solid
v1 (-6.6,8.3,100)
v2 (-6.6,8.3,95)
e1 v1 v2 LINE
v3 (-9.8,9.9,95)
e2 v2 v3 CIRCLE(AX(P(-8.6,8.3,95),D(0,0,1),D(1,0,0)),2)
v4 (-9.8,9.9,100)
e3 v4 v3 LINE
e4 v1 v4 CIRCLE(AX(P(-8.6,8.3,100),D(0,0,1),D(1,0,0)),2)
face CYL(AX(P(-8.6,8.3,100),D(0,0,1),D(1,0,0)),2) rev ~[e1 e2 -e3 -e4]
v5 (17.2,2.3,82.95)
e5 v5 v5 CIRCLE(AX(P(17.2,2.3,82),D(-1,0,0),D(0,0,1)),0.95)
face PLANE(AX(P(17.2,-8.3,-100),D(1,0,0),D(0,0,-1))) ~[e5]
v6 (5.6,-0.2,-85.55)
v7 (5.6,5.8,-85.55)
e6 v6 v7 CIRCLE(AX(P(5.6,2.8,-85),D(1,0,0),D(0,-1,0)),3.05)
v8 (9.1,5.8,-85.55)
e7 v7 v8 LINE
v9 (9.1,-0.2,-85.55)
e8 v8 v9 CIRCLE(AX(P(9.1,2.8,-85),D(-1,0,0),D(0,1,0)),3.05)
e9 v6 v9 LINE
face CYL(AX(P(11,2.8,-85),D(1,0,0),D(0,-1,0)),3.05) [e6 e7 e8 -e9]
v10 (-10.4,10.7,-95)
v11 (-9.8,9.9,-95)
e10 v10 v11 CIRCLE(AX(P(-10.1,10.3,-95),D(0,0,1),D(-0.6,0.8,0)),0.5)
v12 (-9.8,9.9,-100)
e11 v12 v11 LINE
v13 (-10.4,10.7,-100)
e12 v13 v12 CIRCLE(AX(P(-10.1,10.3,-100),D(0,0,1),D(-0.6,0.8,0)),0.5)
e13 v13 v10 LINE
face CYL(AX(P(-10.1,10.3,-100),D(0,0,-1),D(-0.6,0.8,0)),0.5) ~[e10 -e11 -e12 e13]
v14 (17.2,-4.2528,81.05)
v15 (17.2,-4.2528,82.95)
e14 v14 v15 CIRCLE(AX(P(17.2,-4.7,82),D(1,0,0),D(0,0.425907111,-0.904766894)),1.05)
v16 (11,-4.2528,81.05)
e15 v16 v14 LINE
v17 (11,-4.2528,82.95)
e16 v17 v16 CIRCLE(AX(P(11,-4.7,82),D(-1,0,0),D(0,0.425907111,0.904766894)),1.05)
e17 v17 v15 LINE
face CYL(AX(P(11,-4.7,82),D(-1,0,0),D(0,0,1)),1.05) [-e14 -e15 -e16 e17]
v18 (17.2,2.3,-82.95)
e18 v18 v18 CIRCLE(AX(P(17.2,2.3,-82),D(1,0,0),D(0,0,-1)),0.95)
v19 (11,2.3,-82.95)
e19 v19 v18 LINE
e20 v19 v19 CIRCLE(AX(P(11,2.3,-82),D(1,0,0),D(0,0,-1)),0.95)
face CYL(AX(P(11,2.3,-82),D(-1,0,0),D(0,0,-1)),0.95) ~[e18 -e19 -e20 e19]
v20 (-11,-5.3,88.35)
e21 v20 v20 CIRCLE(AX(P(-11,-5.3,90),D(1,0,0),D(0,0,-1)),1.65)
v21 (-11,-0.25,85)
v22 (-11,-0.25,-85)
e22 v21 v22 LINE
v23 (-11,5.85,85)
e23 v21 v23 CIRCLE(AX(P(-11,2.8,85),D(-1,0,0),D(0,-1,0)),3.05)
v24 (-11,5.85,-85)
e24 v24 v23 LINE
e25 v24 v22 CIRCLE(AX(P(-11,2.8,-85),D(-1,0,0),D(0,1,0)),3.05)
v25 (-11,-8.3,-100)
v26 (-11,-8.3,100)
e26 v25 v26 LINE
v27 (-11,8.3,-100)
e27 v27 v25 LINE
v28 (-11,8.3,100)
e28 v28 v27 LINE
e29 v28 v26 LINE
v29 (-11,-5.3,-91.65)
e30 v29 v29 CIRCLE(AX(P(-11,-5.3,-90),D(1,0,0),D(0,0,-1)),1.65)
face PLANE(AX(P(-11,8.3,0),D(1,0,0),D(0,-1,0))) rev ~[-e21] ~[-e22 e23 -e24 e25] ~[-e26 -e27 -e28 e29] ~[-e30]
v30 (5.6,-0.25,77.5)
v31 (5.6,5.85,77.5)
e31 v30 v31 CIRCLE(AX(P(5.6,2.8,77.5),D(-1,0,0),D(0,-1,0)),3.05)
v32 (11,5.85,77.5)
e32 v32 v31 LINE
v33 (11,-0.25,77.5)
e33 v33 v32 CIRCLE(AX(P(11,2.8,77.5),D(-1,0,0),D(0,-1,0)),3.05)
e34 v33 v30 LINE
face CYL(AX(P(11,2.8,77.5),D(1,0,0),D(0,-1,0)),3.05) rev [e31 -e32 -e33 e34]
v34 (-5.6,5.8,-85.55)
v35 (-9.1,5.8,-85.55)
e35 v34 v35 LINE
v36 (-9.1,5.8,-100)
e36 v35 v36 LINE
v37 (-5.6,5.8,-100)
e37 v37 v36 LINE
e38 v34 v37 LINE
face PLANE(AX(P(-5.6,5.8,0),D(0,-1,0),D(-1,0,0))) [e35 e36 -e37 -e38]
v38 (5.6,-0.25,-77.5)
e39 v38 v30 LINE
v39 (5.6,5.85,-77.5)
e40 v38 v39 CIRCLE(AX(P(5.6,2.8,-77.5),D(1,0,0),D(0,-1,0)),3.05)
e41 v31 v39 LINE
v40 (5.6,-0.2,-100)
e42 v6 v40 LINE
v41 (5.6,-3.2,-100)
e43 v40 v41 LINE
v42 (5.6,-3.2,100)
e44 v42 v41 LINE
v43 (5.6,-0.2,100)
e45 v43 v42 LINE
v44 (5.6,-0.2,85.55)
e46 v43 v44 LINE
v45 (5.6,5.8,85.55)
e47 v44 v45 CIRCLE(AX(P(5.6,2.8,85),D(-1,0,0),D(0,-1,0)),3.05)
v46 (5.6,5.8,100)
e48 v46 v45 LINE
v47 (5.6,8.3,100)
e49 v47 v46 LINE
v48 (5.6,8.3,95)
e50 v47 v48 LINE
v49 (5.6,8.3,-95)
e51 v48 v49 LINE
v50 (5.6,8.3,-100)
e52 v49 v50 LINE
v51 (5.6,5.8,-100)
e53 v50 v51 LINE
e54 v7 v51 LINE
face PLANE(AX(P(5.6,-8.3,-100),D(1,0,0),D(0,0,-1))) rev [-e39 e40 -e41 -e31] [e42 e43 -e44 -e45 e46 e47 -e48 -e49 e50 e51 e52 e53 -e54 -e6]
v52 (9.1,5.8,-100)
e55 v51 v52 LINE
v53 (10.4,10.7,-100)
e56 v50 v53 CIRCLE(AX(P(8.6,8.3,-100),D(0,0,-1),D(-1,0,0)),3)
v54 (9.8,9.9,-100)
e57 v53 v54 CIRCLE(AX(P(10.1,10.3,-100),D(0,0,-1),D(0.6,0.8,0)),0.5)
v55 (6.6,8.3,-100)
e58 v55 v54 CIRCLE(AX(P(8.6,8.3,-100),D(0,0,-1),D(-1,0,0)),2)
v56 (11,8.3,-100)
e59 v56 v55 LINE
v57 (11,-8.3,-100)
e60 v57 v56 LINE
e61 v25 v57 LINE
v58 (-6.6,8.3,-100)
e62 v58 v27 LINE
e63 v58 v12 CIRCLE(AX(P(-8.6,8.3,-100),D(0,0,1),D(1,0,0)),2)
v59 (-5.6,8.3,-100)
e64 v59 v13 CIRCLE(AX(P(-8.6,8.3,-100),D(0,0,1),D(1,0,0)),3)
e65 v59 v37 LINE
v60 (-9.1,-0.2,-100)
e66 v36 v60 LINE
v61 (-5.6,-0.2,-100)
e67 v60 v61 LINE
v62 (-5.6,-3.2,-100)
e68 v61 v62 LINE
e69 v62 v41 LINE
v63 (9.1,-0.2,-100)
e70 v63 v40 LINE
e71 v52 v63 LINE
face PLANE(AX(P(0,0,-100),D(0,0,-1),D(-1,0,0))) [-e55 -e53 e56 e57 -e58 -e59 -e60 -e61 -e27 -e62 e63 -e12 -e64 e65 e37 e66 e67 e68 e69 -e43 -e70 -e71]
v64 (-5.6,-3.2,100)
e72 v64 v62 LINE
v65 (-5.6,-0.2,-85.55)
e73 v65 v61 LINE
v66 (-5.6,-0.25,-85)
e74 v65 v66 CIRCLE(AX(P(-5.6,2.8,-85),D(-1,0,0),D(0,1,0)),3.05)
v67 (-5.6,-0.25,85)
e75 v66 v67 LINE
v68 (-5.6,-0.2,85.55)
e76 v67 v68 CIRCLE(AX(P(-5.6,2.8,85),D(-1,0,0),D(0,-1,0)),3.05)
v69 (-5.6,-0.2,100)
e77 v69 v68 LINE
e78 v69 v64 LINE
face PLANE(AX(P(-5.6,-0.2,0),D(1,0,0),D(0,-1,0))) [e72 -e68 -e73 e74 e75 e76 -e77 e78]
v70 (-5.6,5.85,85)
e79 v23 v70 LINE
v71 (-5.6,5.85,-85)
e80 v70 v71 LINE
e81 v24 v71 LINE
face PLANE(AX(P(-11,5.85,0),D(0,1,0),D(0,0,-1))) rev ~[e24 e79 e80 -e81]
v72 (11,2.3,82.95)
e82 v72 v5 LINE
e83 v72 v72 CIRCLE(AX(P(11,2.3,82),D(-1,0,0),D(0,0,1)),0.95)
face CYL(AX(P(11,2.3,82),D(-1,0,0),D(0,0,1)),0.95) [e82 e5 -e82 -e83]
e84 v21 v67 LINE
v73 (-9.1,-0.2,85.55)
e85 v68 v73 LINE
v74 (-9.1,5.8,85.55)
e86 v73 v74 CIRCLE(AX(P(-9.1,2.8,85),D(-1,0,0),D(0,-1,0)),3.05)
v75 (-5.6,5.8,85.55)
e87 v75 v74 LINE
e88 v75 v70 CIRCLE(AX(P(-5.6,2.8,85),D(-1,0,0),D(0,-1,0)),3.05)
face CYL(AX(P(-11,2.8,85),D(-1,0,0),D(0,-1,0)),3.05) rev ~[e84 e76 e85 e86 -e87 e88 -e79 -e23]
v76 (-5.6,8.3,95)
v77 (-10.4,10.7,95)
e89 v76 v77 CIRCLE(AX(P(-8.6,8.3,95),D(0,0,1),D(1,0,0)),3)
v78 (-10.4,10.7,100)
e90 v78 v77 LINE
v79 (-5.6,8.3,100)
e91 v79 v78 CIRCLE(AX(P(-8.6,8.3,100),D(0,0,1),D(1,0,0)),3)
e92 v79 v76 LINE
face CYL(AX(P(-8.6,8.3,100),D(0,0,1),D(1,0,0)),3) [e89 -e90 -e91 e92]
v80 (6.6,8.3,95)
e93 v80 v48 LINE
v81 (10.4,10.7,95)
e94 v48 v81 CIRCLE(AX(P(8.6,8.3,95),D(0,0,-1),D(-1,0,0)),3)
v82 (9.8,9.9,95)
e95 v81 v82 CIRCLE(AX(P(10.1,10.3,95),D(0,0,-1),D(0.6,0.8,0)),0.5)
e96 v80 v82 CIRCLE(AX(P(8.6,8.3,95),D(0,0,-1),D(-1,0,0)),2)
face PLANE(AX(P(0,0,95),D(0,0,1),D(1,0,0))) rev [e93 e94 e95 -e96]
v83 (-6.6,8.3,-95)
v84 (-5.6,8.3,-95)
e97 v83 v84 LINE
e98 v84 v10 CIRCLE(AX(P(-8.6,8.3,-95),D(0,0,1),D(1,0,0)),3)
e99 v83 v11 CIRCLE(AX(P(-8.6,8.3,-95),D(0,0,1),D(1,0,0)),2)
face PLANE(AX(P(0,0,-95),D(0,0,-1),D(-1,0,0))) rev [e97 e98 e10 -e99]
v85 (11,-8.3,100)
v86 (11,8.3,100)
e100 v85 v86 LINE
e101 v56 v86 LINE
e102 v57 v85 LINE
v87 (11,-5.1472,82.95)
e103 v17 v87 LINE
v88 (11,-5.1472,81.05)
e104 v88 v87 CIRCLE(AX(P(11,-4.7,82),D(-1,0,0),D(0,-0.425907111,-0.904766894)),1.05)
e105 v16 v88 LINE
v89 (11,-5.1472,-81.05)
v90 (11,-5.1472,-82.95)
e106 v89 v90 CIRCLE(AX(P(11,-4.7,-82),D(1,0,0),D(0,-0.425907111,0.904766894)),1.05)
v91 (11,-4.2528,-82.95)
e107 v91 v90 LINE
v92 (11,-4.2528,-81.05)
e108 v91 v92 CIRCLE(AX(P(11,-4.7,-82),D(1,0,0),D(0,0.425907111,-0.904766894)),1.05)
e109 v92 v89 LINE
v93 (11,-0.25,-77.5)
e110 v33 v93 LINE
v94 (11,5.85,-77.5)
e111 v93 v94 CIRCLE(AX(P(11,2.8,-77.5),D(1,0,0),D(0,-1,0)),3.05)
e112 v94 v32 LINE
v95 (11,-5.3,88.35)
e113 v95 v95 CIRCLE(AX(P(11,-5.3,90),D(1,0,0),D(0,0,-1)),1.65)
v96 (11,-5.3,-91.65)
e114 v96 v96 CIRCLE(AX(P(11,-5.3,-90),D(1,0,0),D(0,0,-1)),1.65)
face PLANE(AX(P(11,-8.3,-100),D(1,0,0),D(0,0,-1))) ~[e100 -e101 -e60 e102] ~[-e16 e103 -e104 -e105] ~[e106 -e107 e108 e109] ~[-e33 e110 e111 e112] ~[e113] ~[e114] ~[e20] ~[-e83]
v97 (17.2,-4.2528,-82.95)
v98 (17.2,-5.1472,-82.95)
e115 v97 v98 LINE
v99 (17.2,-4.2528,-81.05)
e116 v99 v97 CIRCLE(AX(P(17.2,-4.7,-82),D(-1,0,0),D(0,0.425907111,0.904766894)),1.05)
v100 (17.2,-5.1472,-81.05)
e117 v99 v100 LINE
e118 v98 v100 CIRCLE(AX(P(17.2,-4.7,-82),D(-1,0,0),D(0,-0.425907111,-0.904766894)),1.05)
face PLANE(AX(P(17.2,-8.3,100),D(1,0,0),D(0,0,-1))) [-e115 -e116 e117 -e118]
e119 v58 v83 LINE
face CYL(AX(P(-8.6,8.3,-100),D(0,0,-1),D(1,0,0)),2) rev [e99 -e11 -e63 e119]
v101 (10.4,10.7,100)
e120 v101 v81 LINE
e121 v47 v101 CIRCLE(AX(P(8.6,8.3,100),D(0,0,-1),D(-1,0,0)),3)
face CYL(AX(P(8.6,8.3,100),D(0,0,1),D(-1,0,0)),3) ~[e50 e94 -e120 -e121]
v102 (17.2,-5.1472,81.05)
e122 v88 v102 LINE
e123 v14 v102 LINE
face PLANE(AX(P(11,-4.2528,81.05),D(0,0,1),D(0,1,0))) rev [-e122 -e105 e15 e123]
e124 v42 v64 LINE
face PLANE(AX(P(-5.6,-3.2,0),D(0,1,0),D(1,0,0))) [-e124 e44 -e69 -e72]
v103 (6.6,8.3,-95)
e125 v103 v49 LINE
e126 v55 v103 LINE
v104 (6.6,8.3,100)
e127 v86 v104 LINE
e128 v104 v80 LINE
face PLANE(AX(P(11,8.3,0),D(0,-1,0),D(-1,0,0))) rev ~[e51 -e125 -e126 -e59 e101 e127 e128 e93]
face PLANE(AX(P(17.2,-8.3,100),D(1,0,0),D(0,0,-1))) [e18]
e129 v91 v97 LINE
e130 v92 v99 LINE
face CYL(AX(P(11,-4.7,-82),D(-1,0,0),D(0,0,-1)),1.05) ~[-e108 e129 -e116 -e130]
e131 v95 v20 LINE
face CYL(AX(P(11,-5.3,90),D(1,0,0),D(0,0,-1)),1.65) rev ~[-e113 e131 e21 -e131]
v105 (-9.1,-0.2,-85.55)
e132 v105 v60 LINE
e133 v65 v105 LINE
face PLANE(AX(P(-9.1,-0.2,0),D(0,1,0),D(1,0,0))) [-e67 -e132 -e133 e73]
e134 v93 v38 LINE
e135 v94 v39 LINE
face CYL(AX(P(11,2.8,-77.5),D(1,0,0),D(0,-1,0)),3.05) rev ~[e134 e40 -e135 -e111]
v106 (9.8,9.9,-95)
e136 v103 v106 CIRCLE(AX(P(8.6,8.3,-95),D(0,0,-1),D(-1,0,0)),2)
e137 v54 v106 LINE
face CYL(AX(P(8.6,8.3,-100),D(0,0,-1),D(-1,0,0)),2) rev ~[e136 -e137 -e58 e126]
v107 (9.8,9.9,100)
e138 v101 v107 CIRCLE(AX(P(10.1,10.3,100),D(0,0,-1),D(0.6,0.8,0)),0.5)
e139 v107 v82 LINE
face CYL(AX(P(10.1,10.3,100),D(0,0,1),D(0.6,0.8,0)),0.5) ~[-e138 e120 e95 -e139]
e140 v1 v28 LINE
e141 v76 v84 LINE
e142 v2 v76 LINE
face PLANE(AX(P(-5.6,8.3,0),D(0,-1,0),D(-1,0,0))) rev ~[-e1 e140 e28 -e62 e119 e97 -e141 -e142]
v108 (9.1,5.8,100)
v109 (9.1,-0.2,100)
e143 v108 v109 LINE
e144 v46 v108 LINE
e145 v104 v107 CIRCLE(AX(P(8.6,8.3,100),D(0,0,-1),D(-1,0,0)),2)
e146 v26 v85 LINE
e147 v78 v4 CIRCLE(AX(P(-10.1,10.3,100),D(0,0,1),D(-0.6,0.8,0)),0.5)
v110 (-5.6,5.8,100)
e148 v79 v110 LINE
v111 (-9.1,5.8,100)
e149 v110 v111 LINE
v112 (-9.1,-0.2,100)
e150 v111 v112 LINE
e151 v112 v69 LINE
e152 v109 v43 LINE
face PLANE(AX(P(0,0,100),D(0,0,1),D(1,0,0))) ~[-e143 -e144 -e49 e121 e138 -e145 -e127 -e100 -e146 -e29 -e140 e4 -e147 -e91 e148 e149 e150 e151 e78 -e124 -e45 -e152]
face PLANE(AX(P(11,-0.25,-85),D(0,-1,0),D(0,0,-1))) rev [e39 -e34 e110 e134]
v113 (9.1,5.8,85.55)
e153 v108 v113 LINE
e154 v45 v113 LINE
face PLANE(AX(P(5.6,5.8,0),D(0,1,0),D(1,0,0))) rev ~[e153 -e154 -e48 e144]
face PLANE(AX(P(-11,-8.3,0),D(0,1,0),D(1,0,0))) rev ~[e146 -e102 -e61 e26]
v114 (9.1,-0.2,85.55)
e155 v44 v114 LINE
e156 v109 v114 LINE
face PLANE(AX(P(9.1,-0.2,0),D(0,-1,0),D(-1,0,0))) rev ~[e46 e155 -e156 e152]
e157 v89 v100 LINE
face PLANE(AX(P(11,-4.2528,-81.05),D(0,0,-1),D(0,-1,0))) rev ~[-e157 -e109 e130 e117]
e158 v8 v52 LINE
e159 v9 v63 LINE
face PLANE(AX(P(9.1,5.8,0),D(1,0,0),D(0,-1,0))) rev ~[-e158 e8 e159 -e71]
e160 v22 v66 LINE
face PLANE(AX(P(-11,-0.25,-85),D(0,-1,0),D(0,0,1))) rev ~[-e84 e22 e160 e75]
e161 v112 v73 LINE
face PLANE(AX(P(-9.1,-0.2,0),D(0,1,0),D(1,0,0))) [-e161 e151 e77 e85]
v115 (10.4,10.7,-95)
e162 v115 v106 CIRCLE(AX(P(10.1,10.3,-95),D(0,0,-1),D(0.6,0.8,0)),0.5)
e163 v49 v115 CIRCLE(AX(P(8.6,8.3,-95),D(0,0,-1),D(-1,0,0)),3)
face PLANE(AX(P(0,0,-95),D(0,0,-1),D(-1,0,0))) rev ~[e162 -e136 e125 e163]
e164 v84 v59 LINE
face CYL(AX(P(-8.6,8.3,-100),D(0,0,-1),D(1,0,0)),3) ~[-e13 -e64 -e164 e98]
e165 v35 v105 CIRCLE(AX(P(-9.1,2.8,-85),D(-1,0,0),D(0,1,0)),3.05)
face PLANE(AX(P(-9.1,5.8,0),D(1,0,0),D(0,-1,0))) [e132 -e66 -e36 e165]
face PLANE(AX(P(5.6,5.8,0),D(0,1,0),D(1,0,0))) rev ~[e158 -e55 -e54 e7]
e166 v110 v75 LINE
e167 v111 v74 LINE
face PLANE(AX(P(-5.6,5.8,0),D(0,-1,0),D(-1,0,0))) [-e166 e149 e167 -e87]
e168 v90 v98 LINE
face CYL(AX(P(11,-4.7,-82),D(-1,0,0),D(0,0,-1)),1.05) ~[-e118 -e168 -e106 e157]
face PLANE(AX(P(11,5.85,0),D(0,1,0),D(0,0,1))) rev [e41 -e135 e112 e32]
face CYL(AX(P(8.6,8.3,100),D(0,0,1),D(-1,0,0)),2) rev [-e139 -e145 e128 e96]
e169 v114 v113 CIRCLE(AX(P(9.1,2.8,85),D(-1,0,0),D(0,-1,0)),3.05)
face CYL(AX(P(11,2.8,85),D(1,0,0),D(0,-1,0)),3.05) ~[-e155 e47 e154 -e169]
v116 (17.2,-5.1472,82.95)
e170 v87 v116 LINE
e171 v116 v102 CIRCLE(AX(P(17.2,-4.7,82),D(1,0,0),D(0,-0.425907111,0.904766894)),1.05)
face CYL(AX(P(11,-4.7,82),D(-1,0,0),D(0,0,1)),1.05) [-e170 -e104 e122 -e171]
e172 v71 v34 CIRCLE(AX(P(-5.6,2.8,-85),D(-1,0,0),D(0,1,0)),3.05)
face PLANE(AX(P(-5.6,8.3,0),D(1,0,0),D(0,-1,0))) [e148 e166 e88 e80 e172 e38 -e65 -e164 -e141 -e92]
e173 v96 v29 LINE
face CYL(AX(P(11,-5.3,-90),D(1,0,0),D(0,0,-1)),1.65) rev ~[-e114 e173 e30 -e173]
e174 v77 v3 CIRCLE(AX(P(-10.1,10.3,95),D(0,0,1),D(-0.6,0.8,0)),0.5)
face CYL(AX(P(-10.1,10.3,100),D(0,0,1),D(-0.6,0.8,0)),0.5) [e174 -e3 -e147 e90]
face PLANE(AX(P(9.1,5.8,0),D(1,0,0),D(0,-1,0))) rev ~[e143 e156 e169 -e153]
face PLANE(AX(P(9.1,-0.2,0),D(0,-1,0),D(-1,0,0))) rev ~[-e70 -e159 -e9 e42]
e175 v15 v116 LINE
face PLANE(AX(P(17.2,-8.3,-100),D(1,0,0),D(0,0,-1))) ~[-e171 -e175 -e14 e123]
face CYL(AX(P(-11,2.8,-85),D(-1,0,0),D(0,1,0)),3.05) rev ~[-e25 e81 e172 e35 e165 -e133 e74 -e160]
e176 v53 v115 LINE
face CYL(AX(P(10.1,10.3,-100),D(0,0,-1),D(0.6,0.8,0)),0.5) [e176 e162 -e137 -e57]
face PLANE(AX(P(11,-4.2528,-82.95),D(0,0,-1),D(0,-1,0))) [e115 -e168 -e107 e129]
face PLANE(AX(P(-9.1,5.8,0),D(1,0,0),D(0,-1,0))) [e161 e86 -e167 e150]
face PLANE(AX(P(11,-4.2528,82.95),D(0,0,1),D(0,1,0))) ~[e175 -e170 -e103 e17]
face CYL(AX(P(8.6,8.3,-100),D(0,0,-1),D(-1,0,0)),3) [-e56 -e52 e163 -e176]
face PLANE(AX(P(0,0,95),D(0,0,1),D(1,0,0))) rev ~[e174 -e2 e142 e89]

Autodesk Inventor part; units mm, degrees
ref_plane "YZ Plane" through (0, 0, 0) normal (1, 0, 0) x (0, 1, 0)
ref_plane "XZ Plane" through (0, 0, 0) normal (0, 1, 0) x (-1, 0, 0)
ref_plane "XY Plane" through (0, 0, 0) normal (0, 0, 1) x (1, 0, 0)
sketch "Sketch1" plane through (0, 0, 0) normal (0, 0, 1) x (1, 0, 0)
  line L0 (-11, -8.3) -> (11, -8.3)
  line L1 (11, -8.3) -> (11, 8.3)
  line L2 (11, 8.3) -> (-11, 8.3)
  line L3 (-11, 8.3) -> (-11, -8.3)
  line L4 (-11, -8.3) -> (11, 8.3) construction
  line L5 (11, -8.3) -> (-11, 8.3) construction
  line L6 (-5.6, 8.3) -> (-5.6, 5.8)
  line L7 (-5.6, 5.8) -> (-9.1, 5.8)
  line L8 (-9.1, 5.8) -> (-9.1, -0.2)
  line L9 (-9.1, -0.2) -> (-5.6, -0.2)
  line L10 (-5.6, -0.2) -> (-5.6, -3.2)
  line L11 (-5.6, -3.2) -> (0, -3.2)
  line L12 (0, 8.3) -> (0, -8.3) construction
  line L13 (5.6, 8.3) -> (5.6, 5.8)
  line L14 (5.6, 5.8) -> (9.1, 5.8)
  line L15 (9.1, 5.8) -> (9.1, -0.2)
  line L16 (9.1, -0.2) -> (5.6, -0.2)
  line L17 (5.6, -0.2) -> (5.6, -3.2)
  line L18 (5.6, -3.2) -> (0, -3.2)
  point P0 (0, 0)
  point P1 (-5.6, 7.05)
  point P2 (-5.6, -1.7)
  point P3 (5.6, 8.3)
  dimension "d0" = 22
  dimension "d1" = 16.6
  dimension "d3" = 5.6
  dimension "d4" = 2.5
  dimension "d5" = 6
  dimension "d6" = 3
  dimension "d7" = 3.5
  dimension "d36" = 18.2
extrude "Extrusion1" add sketch "Sketch1" along normal mid plane 200 contours L3 L2 L6 L7 L8 L9 L10 L11 L18 L17 L16 L15 L14 L13 L1 L0
sketch "Sketch2" plane through (11, -8.3, 100) normal (1, 0, 0) x (0, 0, -1)
  line L0 (200, 16.6) -> (200, 0) projected
  line L1 (200, 0) -> (0, 0) projected
  circle A0 centre (190, 3) radius 1.65
  line L2 (0, 0) -> (0, 16.6) projected
  line L3 (200, 16.6) -> (0, 16.6) projected
  line L4 (100, 16.6) -> (100, 0)
  circle A1 centre (10, 3) radius 1.65
  point P0 (100, 8.3)
  dimension "d13" = 3.3
  dimension "d18" = 180
  dimension "d19" = 3
extrude "Extrusion2" cut sketch "Sketch2" against normal blind 180 contours A0 | A1
sketch "Sketch5" plane through (-11, -8.3, 100) normal (-1, 0, 0) x (0, 0, 1)
  line L0 (-185, 11.1) -> (-15, 11.1) construction
  line L1 (-185, 8.05) -> (-15, 8.05)
  line L2 (-15, 14.15) -> (-185, 14.15)
  arc A0 (-185, 14.15) -> (-185, 8.05) centre (-185, 11.1) ccw
  arc A1 (-15, 8.05) -> (-15, 14.15) centre (-15, 11.1) ccw
  line L3 (-200, 14.1) -> (-200, 8.1) projected
  line L4 (-200, 0) -> (0, 0) projected
  line L5 (-200, 16.6) -> (0, 16.6) projected
  line L6 (-100, 16.6) -> (-100, 8.05)
  point P0 (-100, 8.3)
  point P1 (-100, 11.1)
  point P2 (-200, 11.1)
  point P3 (-100, 0)
  dimension "d23" = 85
  dimension "d24" = 6.1
extrude "Extrusion4" cut sketch "Sketch5" against normal up to next
sketch "Sketch6" plane through (0, 0, 100) normal (0, 0, 1) x (1, 0, 0)
  line L0 (-11, 8.3) -> (-5.6, 8.3) projected
  arc A0 (-6.6, 8.3) -> (-9.8, 9.9) centre (-8.6, 8.3) ccw
  line L1 (-5.6, 8.3) -> (-11, 8.3) projected
  arc A1 (-5.6, 8.3) -> (-10.4, 10.7) centre (-8.6, 8.3) ccw
  arc A2 (-10.4, 10.7) -> (-9.8, 9.9) centre (-10.1, 10.3) ccw
  line L2 (-11, 8.3) -> (-11, -8.3) projected
  point P0 (0, 0)
  point P1 (-6.5, 8.3)
  dimension "d29" = 2
  dimension "d31" = 1
  dimension "d32" = 2
extrude "Extrusion5" add sketch "Sketch6" against normal blind 5
mirror "Mirror1" about plane through (0, 0, 0) normal (1, 0, 0) of "Extrusion5"
mirror "Mirror2" about plane through (0, 0, 0) normal (0, 0, 1) of "Extrusion5", "Mirror1"
mirror "Mirror3" about plane through (0, 0, 0) normal (1, 0, 0) of "Extrusion4"
sketch "Sketch7" plane through (11, -8.3, 100) normal (1, 0, 0) x (0, 0, -1)
  line L0 (170, 11.1) -> (185, 11.1) construction
  line L1 (170, 8.05) -> (185, 8.05)
  line L2 (185, 14.15) -> (170, 14.15)
  arc A0 (170, 14.15) -> (170, 8.05) centre (170, 11.1) ccw
  arc A1 (185, 8.05) -> (185, 14.15) centre (185, 11.1) ccw
  arc A2 (185, 8.05) -> (185, 14.15) centre (185, 11.1) ccw projected
  arc A3 (177.5, 8.05) -> (177.5, 14.15) centre (177.5, 11.1) ccw
  point P0 (100, 8.3)
  dimension "d37" = 15
extrude "Extrusion6" add sketch "Sketch7" against normal up to surface (5.4 mm away) contours A3 L2 A1 L1
sketch "Sketch8" plane through (11, -8.3, 100) normal (1, 0, 0) x (0, 0, -1)
  circle A0 centre (182, 10.6) radius 0.95
  circle A1 centre (182, 3.6) radius 1.05
  line L0 (181.05, 4.0472) -> (181.05, 3.1528)
  line L1 (182, 4.65) -> (182, 2.55)
  line L2 (182.95, 4.0472) -> (182.95, 3.1528)
  line L3 (0, 16.6) -> (200, 16.6) projected
  line L4 (200, 16.6) -> (200, 0) projected
  point P0 (100, 8.3)
  point P1 (182.95, 3.1528)
  point P2 (182.95, 4.0472)
  dimension "d40" = 1.9
  dimension "d41" = 2.1
  dimension "d42" = 1.9
  dimension "d43" = 7
  dimension "d44" = 6
  dimension "d45" = 18
extrude "Extrusion7" add sketch "Sketch8" along normal blind 6.2 contours A0 | L2 A1 L1 | L1 A1 L0
mirror "Mirror4" about plane through (0, 0, 0) normal (0, 0, 1) of "Extrusion6", "Extrusion7"
ref_plane "Work Plane1" through (0, 0, 0) normal (1, 0, 0) x (0, 1, 0)
ref_plane "Work Plane2" through (0, 0, 0) normal (-1, 0, 0) x (0, 1, 0)
ref_plane "Work Plane3" through (0, 0, 0) normal (-1, 0, 0) x (0, 1, 0)
equation "\"d15\" = d18"
properties part number "Rack ( Female Fixation )"
